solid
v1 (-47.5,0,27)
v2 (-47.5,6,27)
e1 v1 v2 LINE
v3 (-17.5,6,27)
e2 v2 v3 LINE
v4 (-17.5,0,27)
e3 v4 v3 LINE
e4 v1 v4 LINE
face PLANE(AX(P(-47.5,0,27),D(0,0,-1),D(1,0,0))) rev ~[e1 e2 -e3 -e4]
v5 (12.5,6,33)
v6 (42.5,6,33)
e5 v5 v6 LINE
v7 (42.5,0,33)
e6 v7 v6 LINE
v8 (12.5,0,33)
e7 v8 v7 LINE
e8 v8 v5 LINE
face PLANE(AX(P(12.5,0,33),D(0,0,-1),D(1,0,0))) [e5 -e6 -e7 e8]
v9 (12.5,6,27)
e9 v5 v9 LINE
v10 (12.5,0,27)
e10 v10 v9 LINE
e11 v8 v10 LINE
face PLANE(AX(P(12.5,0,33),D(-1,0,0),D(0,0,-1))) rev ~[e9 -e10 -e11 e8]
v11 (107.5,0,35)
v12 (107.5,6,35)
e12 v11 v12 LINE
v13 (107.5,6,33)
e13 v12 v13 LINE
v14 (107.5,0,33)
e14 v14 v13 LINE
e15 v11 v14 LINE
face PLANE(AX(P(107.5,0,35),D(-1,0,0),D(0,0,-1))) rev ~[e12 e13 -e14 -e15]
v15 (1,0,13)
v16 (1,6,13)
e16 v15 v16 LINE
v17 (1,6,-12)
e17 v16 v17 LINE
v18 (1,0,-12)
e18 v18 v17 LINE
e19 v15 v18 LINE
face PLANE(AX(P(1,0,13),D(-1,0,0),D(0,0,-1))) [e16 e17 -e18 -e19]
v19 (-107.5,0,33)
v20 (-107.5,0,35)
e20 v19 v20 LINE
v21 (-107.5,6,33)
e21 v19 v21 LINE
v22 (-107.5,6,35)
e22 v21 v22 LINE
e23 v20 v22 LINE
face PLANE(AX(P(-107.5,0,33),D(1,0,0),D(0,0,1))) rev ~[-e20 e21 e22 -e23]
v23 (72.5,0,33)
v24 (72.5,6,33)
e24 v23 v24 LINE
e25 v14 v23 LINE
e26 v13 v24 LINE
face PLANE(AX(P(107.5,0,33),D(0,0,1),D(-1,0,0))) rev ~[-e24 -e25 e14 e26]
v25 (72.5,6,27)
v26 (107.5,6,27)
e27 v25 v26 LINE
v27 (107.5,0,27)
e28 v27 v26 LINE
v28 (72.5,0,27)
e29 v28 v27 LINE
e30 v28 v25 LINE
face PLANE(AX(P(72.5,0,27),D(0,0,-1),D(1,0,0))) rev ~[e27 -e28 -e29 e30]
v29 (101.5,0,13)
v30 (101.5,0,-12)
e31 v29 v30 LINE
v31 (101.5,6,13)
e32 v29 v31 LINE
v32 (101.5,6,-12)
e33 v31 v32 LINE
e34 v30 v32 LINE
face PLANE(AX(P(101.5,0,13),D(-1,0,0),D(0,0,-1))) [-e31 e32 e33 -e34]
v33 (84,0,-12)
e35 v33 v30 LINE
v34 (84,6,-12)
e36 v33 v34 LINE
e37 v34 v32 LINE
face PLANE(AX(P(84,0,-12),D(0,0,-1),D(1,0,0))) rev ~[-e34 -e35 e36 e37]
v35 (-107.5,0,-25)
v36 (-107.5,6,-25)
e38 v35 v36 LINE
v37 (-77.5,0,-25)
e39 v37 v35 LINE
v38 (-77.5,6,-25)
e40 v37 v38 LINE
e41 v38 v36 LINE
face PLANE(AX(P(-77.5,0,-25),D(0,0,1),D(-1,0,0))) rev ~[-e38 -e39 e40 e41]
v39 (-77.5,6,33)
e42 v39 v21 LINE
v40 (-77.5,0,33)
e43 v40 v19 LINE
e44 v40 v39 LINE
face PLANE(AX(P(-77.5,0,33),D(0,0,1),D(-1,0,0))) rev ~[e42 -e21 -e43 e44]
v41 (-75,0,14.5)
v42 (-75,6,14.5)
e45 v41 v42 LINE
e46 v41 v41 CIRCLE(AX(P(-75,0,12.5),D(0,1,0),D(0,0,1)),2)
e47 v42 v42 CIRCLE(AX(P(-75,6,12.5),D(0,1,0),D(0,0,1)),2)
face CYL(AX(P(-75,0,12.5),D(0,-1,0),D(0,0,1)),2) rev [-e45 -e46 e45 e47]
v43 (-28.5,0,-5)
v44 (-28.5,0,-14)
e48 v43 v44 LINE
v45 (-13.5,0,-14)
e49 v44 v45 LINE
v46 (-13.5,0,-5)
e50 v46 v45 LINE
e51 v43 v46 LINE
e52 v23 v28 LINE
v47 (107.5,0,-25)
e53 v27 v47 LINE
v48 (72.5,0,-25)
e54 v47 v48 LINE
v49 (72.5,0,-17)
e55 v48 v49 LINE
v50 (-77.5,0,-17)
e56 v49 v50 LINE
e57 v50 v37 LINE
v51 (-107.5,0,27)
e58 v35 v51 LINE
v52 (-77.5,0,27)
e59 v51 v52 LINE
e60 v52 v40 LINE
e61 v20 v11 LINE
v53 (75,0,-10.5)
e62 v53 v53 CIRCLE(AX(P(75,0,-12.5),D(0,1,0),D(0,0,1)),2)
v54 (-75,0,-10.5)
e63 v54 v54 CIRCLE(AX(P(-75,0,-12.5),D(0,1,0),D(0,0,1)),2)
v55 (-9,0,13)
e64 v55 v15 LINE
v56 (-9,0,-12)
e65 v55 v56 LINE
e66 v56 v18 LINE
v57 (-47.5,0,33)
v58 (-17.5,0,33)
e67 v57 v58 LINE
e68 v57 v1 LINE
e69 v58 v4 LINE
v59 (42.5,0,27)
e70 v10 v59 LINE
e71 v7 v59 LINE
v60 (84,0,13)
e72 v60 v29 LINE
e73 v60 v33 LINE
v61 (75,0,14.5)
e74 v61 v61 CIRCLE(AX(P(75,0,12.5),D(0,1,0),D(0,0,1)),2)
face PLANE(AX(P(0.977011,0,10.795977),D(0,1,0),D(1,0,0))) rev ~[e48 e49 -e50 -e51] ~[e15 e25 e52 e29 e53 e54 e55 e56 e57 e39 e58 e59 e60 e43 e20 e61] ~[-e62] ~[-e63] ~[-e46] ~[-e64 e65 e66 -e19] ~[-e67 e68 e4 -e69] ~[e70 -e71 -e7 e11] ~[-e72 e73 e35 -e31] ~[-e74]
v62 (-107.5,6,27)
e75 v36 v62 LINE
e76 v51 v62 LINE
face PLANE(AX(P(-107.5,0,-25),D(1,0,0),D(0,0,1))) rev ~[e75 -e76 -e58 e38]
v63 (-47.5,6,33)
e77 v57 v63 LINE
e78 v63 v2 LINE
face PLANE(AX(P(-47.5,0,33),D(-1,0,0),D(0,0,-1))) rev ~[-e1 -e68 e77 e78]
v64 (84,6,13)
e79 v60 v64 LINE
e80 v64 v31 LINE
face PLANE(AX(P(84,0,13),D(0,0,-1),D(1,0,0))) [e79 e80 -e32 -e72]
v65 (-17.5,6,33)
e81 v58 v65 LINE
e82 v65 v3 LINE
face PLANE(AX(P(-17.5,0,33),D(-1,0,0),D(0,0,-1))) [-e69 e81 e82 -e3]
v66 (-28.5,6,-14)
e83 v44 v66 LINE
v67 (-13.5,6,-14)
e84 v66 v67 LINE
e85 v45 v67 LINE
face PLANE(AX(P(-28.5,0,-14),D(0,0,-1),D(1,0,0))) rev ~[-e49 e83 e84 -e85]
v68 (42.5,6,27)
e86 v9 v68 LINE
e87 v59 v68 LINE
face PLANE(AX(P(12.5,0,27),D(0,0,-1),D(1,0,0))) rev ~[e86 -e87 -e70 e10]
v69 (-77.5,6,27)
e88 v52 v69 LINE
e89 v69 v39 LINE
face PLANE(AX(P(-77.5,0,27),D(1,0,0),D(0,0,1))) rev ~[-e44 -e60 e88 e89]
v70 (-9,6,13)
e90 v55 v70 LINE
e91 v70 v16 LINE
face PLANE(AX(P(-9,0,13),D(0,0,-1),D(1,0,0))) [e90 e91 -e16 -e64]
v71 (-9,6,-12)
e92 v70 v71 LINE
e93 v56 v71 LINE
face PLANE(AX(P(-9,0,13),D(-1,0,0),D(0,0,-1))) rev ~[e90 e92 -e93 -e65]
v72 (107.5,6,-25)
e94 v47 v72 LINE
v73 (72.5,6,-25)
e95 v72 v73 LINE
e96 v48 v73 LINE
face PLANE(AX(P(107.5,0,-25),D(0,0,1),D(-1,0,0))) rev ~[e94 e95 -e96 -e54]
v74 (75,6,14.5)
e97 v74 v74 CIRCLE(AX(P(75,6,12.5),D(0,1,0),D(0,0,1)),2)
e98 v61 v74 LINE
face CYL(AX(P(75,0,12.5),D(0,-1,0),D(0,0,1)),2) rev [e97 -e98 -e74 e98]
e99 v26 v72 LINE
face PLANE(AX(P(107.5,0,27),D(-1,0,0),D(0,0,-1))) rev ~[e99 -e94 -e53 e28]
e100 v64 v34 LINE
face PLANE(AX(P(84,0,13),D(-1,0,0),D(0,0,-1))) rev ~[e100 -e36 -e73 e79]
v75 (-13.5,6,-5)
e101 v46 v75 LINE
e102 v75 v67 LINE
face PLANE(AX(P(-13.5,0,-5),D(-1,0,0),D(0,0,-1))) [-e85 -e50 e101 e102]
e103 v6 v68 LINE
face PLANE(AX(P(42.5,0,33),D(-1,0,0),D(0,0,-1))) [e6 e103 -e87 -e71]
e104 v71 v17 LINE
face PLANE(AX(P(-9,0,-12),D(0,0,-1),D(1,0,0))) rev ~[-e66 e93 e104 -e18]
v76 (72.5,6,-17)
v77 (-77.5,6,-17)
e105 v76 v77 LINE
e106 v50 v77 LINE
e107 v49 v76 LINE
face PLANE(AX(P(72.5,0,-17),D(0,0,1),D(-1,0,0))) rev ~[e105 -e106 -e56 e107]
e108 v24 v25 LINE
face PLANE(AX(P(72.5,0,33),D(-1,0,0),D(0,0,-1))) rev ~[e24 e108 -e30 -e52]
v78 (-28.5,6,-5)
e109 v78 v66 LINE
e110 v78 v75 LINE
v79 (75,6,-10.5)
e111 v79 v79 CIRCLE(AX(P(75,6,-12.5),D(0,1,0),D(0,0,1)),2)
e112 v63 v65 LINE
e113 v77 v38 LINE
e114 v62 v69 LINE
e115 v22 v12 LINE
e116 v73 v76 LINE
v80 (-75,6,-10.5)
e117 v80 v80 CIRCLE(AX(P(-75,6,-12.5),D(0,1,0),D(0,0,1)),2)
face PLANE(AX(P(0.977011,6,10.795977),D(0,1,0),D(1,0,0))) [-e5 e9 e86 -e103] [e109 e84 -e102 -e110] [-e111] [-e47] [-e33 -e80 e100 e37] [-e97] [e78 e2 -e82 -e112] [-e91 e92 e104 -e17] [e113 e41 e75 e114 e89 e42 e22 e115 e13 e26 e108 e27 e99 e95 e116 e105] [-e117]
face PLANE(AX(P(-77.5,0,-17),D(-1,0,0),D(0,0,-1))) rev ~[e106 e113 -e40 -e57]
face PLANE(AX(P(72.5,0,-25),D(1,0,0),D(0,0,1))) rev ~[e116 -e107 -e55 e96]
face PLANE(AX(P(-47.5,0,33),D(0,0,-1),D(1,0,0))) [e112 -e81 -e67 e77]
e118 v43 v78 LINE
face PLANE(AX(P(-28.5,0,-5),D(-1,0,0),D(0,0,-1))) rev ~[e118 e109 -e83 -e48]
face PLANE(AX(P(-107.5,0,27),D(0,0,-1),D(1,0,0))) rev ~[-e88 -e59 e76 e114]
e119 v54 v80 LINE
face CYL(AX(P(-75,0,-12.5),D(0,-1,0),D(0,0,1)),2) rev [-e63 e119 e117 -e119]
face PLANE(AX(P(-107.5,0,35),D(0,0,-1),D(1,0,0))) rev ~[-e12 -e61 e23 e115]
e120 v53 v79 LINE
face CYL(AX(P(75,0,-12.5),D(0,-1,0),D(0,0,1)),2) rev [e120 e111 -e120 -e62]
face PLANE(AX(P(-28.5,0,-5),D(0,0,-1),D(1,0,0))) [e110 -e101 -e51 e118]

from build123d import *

# Parameters (mm, degrees)
SKETCH_1_W      = 30
SKETCH_1_H      = 6
SKETCH_1_R      = 2
SKETCH_1_W_2    = 10
SKETCH_1_H_2    = 25
SKETCH_1_W_3    = 15
SKETCH_1_H_3    = 9
SKETCH_1_W_4    = 17.5
EXTRUDE_1_DEPTH = 6


with BuildPart() as part:
    # Эскиз1 → Бобышка-Вытянуть1 (new body)
    with BuildSketch(Plane(origin=(0, 0, 0), x_dir=(1, 0, 0), z_dir=(0, 1, 0))):
        Polygon((-77.5, 25), (-107.5, 25), (-107.5, -27), (-77.5, -27), (-77.5, -33), (-107.5, -33), (-107.5, -35), (107.5, -35), (107.5, -33), (72.5, -33), (72.5, -27), (107.5, -27), (107.5, 25), (72.5, 25), (72.5, 17), (-77.5, 17), align=None)
        with Locations((-32.5, -30)):
            Rectangle(SKETCH_1_W, SKETCH_1_H, mode=Mode.SUBTRACT)
        with Locations(Location((-75, -12.5, 0), (0, 0, 270))):
            Circle(SKETCH_1_R, mode=Mode.SUBTRACT)
        with Locations((27.5, -30)):
            Rectangle(SKETCH_1_W, SKETCH_1_H, mode=Mode.SUBTRACT)
        with Locations(Location((75, -12.5, 0), (0, 0, 270))):
            Circle(SKETCH_1_R, mode=Mode.SUBTRACT)
        with Locations((-4, -0.5)):
            Rectangle(SKETCH_1_W_2, SKETCH_1_H_2, mode=Mode.SUBTRACT)
        with Locations((-21, 9.5)):
            Rectangle(SKETCH_1_W_3, SKETCH_1_H_3, mode=Mode.SUBTRACT)
        with Locations(Location((-75, 12.5, 0), (0, 0, 270))):
            Circle(SKETCH_1_R, mode=Mode.SUBTRACT)
        with Locations((92.75, -0.5)):
            Rectangle(SKETCH_1_W_4, SKETCH_1_H_2, mode=Mode.SUBTRACT)
        with Locations(Location((75, 12.5, 0), (0, 0, 270))):
            Circle(SKETCH_1_R, mode=Mode.SUBTRACT)
    extrude(amount=EXTRUDE_1_DEPTH)


solid = part.part
